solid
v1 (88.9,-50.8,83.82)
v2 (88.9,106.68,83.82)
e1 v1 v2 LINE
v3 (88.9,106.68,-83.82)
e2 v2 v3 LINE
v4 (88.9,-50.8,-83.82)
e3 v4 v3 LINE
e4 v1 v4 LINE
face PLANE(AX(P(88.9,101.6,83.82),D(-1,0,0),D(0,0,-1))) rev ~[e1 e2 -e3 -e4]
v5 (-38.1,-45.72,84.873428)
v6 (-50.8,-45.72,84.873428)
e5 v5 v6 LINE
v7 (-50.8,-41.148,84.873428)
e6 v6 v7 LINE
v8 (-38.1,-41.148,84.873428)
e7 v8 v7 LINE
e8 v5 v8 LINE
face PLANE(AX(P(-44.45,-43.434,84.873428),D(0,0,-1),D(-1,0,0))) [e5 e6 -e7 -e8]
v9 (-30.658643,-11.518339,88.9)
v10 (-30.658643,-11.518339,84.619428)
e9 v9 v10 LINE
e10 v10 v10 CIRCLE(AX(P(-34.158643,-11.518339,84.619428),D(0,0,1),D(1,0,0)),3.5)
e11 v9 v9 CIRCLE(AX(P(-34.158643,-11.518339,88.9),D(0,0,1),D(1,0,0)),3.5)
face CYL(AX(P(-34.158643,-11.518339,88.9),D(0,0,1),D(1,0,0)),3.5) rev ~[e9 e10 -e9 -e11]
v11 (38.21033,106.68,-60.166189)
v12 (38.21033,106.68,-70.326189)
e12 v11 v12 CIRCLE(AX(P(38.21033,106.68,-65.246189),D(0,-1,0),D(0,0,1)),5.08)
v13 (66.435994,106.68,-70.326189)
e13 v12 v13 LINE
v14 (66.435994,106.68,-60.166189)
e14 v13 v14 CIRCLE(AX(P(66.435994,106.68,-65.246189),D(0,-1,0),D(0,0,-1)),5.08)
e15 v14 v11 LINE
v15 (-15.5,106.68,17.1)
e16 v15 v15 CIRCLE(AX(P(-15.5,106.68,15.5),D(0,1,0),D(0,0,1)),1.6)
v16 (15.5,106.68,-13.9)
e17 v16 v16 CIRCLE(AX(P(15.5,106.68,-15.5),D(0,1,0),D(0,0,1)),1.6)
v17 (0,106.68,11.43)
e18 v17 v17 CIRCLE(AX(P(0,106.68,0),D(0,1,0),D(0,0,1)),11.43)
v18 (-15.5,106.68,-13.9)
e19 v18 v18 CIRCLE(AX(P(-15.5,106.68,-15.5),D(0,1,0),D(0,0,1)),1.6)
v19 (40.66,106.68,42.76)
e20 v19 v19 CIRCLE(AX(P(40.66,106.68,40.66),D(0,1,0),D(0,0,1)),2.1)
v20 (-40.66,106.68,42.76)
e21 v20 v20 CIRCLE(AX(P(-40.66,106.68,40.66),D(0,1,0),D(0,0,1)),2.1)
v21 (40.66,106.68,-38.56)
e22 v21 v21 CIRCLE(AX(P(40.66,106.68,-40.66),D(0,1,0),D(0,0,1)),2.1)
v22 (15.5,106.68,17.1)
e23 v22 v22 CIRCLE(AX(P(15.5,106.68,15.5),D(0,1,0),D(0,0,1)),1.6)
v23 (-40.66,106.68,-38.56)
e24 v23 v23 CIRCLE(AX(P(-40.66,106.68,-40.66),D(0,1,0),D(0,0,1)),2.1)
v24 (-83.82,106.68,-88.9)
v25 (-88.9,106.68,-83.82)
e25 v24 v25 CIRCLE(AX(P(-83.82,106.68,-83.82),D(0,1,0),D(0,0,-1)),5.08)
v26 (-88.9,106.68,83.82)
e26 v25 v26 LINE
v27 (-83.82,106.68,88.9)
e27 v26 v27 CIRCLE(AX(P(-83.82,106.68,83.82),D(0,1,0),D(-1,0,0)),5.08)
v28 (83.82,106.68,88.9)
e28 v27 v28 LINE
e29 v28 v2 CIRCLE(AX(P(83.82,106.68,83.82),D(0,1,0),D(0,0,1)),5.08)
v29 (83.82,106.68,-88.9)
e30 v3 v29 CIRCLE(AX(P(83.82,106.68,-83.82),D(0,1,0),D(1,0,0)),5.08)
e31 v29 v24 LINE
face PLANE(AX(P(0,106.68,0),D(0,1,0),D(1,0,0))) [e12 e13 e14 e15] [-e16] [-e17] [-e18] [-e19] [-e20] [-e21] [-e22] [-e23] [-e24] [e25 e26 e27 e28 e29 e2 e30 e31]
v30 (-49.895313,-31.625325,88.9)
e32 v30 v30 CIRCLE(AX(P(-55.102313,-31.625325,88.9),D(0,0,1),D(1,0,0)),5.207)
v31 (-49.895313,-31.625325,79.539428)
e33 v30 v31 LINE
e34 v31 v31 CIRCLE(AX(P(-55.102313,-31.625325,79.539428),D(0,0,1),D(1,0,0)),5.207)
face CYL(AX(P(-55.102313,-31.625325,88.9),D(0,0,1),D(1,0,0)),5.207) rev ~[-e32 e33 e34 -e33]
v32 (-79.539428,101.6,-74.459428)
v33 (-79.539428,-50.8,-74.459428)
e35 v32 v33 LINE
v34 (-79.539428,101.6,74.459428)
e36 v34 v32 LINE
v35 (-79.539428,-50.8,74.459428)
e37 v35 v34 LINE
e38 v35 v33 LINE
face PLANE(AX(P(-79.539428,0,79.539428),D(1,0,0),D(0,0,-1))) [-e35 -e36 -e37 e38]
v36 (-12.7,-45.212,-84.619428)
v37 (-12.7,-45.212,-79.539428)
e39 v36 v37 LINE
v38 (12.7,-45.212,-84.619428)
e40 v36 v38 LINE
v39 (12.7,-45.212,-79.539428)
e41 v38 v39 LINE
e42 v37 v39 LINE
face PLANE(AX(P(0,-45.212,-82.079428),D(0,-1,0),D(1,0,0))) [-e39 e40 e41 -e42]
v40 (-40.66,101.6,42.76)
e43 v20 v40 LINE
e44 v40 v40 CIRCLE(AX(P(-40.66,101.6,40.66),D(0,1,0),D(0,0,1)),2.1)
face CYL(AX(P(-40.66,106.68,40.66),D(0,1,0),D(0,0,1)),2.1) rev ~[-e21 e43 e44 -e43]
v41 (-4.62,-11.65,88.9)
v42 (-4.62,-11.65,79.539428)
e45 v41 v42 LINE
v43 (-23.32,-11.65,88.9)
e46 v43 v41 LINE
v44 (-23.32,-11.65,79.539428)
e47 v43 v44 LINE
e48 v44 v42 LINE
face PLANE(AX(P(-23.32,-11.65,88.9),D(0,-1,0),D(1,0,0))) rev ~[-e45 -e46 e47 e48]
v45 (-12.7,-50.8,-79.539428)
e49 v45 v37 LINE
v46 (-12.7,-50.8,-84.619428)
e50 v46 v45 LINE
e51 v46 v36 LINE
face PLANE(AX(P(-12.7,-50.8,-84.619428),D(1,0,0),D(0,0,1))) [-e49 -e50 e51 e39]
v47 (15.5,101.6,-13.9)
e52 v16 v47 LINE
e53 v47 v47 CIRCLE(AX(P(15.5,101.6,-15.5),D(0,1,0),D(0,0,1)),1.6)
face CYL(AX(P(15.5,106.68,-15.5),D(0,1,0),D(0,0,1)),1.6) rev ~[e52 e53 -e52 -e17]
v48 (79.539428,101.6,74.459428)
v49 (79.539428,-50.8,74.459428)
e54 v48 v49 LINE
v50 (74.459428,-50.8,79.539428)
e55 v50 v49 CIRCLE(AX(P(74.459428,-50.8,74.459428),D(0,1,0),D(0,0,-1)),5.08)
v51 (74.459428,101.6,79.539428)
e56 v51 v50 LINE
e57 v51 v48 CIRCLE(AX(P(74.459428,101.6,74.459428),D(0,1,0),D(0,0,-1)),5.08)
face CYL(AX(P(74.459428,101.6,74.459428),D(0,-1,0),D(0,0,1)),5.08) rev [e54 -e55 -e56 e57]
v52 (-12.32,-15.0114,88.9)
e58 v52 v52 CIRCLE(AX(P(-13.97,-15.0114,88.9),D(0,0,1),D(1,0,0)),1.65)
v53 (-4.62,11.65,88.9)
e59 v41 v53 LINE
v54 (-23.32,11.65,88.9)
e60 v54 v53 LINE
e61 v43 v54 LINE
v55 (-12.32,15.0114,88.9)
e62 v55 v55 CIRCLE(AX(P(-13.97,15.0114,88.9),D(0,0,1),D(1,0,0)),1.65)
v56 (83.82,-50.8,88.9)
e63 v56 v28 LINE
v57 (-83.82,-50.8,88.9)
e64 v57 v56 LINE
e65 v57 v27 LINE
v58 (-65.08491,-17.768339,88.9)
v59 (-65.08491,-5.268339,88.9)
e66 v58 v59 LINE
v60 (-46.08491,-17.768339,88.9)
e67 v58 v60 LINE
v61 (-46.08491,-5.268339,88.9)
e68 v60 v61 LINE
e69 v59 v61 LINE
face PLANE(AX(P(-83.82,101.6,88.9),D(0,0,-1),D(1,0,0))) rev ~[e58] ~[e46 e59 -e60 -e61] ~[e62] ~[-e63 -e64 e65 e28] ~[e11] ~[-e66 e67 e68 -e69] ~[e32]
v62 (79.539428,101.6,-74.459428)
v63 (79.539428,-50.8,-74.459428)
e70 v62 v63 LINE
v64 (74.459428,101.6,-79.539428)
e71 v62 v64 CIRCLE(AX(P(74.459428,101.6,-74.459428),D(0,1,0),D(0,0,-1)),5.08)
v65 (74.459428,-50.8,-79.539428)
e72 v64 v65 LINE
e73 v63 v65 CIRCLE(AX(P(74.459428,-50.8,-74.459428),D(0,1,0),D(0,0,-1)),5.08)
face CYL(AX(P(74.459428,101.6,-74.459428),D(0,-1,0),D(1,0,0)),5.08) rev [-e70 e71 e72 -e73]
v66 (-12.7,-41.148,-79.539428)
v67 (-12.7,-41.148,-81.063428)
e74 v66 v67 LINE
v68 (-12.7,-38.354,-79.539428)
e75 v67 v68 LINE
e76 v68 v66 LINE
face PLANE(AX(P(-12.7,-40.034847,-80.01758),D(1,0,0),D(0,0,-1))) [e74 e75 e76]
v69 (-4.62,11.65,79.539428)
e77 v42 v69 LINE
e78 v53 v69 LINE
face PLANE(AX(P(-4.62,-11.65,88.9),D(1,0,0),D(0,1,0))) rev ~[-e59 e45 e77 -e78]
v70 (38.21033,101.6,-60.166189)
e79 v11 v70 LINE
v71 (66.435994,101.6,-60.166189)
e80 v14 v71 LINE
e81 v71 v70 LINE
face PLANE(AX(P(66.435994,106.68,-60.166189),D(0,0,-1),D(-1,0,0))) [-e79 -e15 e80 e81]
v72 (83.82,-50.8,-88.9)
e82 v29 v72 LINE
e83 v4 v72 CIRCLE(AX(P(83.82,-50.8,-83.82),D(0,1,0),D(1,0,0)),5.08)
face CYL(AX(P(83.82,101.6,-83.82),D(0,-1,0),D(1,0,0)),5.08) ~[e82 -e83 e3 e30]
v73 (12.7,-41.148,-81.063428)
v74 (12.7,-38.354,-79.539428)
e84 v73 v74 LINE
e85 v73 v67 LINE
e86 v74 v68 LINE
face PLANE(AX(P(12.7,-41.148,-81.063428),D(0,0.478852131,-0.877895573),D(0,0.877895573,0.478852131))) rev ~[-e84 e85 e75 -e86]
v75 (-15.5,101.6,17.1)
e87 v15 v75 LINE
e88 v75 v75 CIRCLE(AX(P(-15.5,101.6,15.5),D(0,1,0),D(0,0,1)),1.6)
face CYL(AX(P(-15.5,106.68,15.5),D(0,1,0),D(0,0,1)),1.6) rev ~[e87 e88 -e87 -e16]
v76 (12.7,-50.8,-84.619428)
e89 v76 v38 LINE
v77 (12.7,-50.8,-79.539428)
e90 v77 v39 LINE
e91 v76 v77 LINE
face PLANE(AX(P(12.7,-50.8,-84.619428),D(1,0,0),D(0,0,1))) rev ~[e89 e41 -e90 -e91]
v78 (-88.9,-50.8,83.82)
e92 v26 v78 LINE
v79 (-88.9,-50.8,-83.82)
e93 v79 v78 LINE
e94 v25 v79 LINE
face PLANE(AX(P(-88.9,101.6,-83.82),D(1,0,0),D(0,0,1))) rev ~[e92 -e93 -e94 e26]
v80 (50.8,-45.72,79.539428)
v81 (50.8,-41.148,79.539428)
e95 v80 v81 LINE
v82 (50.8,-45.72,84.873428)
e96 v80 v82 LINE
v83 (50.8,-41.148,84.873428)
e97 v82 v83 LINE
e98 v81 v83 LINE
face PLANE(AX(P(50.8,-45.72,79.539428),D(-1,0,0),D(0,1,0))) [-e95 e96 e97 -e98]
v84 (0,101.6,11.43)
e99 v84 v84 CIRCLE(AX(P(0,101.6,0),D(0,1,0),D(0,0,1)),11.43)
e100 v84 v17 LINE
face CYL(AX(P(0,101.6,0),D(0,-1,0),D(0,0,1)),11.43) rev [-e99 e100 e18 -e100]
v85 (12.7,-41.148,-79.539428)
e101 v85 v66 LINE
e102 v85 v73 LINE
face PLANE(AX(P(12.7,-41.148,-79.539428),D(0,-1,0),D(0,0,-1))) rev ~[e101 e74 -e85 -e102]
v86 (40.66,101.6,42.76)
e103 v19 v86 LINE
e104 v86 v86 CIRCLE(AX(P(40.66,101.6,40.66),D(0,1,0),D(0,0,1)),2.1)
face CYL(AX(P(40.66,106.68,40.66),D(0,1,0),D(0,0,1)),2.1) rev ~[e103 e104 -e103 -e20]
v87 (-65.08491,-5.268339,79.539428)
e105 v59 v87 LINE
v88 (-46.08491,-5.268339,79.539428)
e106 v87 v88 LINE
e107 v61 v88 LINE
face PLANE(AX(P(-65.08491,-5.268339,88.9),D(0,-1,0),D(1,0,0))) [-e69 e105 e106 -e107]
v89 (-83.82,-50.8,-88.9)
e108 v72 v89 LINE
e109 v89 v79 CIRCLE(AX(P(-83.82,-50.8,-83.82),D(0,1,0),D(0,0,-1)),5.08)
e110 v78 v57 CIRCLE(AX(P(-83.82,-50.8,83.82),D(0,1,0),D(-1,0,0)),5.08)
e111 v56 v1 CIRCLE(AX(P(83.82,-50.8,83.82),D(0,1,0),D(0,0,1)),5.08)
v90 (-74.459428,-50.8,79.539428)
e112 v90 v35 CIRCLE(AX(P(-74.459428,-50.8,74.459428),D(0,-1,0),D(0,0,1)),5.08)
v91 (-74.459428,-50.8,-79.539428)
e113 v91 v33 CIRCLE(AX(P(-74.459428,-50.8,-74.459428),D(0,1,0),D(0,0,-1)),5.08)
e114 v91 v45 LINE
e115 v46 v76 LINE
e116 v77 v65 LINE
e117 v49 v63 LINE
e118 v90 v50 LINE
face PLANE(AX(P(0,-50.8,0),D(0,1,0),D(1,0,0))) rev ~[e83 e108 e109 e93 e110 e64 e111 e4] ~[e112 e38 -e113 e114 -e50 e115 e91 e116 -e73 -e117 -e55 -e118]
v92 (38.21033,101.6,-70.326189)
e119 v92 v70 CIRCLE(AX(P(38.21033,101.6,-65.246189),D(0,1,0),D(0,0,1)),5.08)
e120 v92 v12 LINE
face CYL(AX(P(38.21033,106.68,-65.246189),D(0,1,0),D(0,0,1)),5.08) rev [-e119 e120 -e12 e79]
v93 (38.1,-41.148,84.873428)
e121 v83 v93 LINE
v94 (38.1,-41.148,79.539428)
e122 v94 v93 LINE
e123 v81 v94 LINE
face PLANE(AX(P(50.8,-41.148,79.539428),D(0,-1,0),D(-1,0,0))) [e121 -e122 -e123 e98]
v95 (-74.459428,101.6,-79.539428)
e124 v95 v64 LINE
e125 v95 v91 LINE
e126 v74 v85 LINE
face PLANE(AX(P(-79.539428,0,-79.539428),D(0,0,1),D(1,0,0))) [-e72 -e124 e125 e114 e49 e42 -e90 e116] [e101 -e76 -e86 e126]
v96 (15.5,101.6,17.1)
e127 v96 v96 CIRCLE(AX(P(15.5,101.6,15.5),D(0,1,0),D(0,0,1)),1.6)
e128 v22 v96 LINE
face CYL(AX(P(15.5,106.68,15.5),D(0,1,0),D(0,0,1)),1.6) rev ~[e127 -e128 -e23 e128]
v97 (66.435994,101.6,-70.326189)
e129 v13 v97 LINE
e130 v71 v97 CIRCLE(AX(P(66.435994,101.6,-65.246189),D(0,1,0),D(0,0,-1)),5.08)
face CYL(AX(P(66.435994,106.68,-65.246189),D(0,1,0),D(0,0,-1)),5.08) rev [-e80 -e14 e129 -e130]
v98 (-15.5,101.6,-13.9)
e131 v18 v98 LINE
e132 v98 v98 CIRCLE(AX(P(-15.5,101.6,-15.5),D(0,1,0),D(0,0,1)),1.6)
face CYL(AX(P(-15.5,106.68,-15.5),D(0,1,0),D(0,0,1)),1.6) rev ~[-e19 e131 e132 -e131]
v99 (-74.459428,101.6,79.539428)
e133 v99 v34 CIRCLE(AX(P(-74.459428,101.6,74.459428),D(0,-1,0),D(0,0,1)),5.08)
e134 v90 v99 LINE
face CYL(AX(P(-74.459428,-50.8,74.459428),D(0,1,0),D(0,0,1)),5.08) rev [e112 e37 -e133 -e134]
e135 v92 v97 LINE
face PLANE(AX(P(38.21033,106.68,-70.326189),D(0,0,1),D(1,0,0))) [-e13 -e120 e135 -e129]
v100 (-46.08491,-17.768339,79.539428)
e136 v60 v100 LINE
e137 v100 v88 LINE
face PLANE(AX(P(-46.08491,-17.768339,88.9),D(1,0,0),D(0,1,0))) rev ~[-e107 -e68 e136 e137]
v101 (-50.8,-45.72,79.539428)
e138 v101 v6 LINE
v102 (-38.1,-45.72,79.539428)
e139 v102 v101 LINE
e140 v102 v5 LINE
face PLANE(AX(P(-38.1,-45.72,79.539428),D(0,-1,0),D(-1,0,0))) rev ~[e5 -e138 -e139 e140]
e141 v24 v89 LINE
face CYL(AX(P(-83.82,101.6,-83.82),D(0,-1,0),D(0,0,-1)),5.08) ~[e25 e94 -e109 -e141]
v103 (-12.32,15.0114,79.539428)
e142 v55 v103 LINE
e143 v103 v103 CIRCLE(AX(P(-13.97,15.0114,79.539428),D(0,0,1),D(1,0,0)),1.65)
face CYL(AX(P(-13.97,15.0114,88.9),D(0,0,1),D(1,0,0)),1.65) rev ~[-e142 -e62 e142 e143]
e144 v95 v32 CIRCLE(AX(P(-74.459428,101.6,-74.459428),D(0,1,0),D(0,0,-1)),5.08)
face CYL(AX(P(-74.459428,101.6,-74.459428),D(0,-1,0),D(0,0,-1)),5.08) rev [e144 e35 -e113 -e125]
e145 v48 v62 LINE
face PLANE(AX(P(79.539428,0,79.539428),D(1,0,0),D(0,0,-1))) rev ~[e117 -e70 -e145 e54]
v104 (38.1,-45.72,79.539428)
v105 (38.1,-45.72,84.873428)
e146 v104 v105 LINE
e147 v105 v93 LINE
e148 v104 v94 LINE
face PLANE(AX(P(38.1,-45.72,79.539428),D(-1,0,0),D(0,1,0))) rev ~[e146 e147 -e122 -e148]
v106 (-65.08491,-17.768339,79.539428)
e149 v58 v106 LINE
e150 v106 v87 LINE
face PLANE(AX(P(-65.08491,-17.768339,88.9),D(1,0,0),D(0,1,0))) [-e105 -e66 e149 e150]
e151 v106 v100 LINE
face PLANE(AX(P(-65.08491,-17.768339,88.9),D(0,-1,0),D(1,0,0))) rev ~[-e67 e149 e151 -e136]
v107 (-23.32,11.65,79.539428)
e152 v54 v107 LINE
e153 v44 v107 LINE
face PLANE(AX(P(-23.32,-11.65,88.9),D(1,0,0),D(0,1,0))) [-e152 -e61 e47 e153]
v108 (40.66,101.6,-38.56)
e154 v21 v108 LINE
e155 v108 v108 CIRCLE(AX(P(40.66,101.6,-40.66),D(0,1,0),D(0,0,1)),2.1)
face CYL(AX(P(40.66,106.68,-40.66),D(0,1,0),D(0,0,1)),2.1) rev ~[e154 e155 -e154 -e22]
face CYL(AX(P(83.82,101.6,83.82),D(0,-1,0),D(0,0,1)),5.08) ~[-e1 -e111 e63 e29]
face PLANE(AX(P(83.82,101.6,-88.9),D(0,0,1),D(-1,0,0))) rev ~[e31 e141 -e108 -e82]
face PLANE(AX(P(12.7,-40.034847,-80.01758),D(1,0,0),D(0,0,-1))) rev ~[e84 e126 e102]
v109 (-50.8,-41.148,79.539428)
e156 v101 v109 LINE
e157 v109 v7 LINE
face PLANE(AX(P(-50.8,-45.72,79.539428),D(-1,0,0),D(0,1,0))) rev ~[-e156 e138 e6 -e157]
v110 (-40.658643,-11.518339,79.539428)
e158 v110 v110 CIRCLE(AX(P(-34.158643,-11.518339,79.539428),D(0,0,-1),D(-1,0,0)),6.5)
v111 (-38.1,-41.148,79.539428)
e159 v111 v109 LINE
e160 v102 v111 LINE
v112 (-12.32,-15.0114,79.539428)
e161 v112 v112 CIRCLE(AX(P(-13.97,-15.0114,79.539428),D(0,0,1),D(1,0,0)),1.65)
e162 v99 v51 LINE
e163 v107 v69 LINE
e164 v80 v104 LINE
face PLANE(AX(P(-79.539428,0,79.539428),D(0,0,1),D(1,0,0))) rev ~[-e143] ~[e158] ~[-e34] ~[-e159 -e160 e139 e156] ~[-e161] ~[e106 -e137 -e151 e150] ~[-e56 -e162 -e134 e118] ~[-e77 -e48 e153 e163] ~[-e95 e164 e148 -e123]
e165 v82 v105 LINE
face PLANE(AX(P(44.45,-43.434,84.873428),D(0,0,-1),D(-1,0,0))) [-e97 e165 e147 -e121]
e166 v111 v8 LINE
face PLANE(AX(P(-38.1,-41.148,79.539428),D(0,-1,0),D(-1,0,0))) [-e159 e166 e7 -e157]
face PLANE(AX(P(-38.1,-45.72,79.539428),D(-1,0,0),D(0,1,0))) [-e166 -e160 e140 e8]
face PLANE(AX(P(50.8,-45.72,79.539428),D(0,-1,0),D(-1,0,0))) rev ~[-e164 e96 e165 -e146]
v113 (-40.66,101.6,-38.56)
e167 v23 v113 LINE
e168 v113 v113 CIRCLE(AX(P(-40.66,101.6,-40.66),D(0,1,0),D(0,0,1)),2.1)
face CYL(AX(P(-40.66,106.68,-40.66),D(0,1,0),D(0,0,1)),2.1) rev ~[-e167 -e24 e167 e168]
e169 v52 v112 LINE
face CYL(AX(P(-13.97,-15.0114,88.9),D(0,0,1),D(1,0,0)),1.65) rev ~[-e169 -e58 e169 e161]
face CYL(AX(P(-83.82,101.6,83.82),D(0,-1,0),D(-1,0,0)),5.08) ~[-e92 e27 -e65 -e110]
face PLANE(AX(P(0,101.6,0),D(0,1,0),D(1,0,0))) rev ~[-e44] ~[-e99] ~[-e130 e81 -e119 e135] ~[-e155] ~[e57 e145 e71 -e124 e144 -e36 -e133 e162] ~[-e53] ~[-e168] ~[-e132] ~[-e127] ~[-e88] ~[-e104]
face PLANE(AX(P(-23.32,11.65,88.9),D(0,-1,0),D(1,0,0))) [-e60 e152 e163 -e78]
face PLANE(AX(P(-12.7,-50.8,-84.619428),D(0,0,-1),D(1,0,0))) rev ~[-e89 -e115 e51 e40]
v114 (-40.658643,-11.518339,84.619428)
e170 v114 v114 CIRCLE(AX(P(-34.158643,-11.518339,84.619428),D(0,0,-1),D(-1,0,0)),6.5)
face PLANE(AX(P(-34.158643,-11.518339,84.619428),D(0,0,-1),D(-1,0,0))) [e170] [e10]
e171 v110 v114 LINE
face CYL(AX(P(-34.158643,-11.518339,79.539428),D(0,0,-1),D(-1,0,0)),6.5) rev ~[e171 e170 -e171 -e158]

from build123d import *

# Parameters (mm, degrees)
SKETCH1_W                = 159.078855478
SKETCH1_H                = 159.078855478
BOSS_EXTRUDE1_DEPTH      = 101.6
BOSS_EXTRUDE1_DEPTH_BACK = 50.8
BOSS_EXTRUDE3_START      = 101.6
SKETCH1_5_R              = 11.43
BOSS_EXTRUDE3_DEPTH      = 5.08
SKETCH3_R                = 1.6
CUT_EXTRUDE1_DEPTH       = 202.510224058
FILLET4_R                = 5.08
SKETCH4_R                = 2.1
CUT_EXTRUDE2_DEPTH       = 5.08
SKETCH5_R                = 3.5
SKETCH5_R_2              = 5.207
SKETCH5_R_3              = 1.65
SKETCH5_W                = 19
SKETCH5_H                = 12.5
SKETCH5_W_2              = 18.7
SKETCH5_H_2              = 23.3
CUT_EXTRUDE3_DEPTH       = 9.360572261
SKETCH7_W                = 25.4
SKETCH7_H                = 5.08
CUT_EXTRUDE4_DEPTH       = 5.588
BOSS_EXTRUDE4_DEPTH      = 25.4
CUT_EXTRUDE5_DEPTH       = 25.4
SKETCH11_W               = 12.7
SKETCH11_H               = 4.572
CUT_EXTRUDE6_DEPTH       = 5.334
CUT_EXTRUDE7_DEPTH       = 2.54
CUT_EXTRUDE8_DEPTH       = 16.764
SKETCH13_R               = 6.5
CUT_EXTRUDE9_DEPTH       = 5.08


with BuildPart() as part:
    # Sketch1 → Boss-Extrude1 (new, two sides)
    with BuildSketch(Plane(origin=(0, 0, 0), x_dir=(1, 0, 0), z_dir=(0, 1, 0))) as boss_extrude1_sk:
        with BuildLine():
            Line((-83.82, -88.9), (83.82, -88.9))
            ThreePointArc((83.82, -88.9), (87.412102448, -87.412102448), (88.9, -83.82))
            Line((88.9, -83.82), (88.9, 83.82))
            ThreePointArc((88.9, 83.82), (87.412102448, 87.412102448), (83.82, 88.9))
            Line((83.82, 88.9), (-83.82, 88.9))
            ThreePointArc((-83.82, 88.9), (-87.412102448, 87.412102448), (-88.9, 83.82))
            Line((-88.9, 83.82), (-88.9, -83.82))
            ThreePointArc((-88.9, -83.82), (-87.412102448, -87.412102448), (-83.82, -88.9))
        make_face()
        Rectangle(SKETCH1_W, SKETCH1_H, mode=Mode.SUBTRACT)
    extrude(amount=BOSS_EXTRUDE1_DEPTH)
    extrude(boss_extrude1_sk.sketch, amount=-BOSS_EXTRUDE1_DEPTH_BACK)

    # Sketch1<5> → Boss-Extrude3 (add)
    with BuildSketch(Plane(origin=(0, 0, 0), x_dir=(1, 0, 0), z_dir=(0, 1, 0)).offset(BOSS_EXTRUDE3_START)):
        with BuildLine():
            ThreePointArc((-88.9, -83.82), (-87.412102448, -87.412102448), (-83.82, -88.9))
            Line((-83.82, -88.9), (83.82, -88.9))
            ThreePointArc((83.82, -88.9), (87.412102448, -87.412102448), (88.9, -83.82))
            Line((88.9, -83.82), (88.9, 83.82))
            ThreePointArc((88.9, 83.82), (87.412102448, 87.412102448), (83.82, 88.9))
            Line((83.82, 88.9), (-83.82, 88.9))
            ThreePointArc((-83.82, 88.9), (-87.412102448, 87.412102448), (-88.9, 83.82))
            Line((-88.9, 83.82), (-88.9, -83.82))
        make_face()
        with Locations(Location((0, 0, 0), (0, 0, 270))):
            Circle(SKETCH1_5_R, mode=Mode.SUBTRACT)
    extrude(amount=BOSS_EXTRUDE3_DEPTH)

    # Sketch3 → Cut-Extrude1 (cut, through all)
    with BuildSketch(Plane(origin=(0, 106.68, 0), x_dir=(1, 0, 0), z_dir=(0, 1, 0))):
        with Locations(Location((-15.5, 15.5, 0), (0, 0, 270))):
            Circle(SKETCH3_R)
        with Locations(Location((-15.5, -15.5, 0), (0, 0, 270))):
            Circle(SKETCH3_R)
        with Locations(Location((15.5, 15.5, 0), (0, 0, 270))):
            Circle(SKETCH3_R)
        with Locations(Location((15.5, -15.5, 0), (0, 0, 270))):
            Circle(SKETCH3_R)
    extrude(amount=-CUT_EXTRUDE1_DEPTH, mode=Mode.SUBTRACT)

    # Fillet4
    fillet4_edges = [part.edges().sort_by_distance(p)[0] for p in [
        (79.539427739, 25.4, -79.539427739),
        (-79.539427739, 25.4, -79.539427739),
        (-79.539427739, 25.4, 79.539427739),
        (79.539427739, 25.4, 79.539427739),
    ]]
    fillet(fillet4_edges, radius=FILLET4_R)

    # Sketch4 → Cut-Extrude2 (cut)
    with BuildSketch(Plane(origin=(0, 106.68, 0), x_dir=(1, 0, 0), z_dir=(0, 1, 0))):
        with Locations(Location((-40.66, 40.66, 0), (0, 0, 270))):
            Circle(SKETCH4_R)
        with Locations(Location((40.66, 40.66, 0), (0, 0, 270))):
            Circle(SKETCH4_R)
        with Locations(Location((-40.66, -40.66, 0), (0, 0, 270))):
            Circle(SKETCH4_R)
        with Locations(Location((40.66, -40.66, 0), (0, 0, 270))):
            Circle(SKETCH4_R)
    extrude(amount=-CUT_EXTRUDE2_DEPTH, mode=Mode.SUBTRACT)

    # Sketch5 → Cut-Extrude3 (cut)
    with BuildSketch(Plane.XY.offset(88.9)):
        with Locations((-34.158642562, -11.51833892)):
            Circle(SKETCH5_R)
        with Locations((-55.102312512, -31.62532479)):
            Circle(SKETCH5_R_2)
        with Locations((-13.97, 15.0114)):
            Circle(SKETCH5_R_3)
        with Locations((-13.97, -15.0114)):
            Circle(SKETCH5_R_3)
        with Locations((-55.584910431, -11.51833892)):
            Rectangle(SKETCH5_W, SKETCH5_H)
        with Locations((-13.97, 0)):
            Rectangle(SKETCH5_W_2, SKETCH5_H_2)
    extrude(amount=-CUT_EXTRUDE3_DEPTH, mode=Mode.SUBTRACT)

    # Sketch7 → Cut-Extrude4 (cut)
    with BuildSketch(Plane.XZ.offset(50.8)):
        with Locations((0, -82.079427739)):
            Rectangle(SKETCH7_W, SKETCH7_H)
    extrude(amount=-CUT_EXTRUDE4_DEPTH, mode=Mode.SUBTRACT)

    # Sketch10 → Boss-Extrude4 (add)
    with BuildSketch(Plane.ZY.offset(-12.7)):
        Polygon((-79.539427739, -38.354), (-79.539427739, -41.148), (-81.063427739, -41.148), align=None)
    extrude(amount=BOSS_EXTRUDE4_DEPTH)

    # Sketch10<2> → Cut-Extrude5 (cut)
    with BuildSketch(Plane.ZY.offset(-12.7)):
        Polygon((-79.539427739, -38.354), (-79.539427739, -41.148), (-81.063427739, -41.148), align=None)
    extrude(amount=CUT_EXTRUDE5_DEPTH, mode=Mode.SUBTRACT)

    # Sketch11 → Cut-Extrude6 (cut)
    with BuildSketch(Plane(origin=(0, 0, 79.539427739), x_dir=(-1, 0, 0), z_dir=(0, 0, -1))):
        with Locations((-44.45, -43.434)):
            Rectangle(SKETCH11_W, SKETCH11_H)
        with Locations((44.45, -43.434)):
            Rectangle(SKETCH11_W, SKETCH11_H)
    extrude(amount=-CUT_EXTRUDE6_DEPTH, mode=Mode.SUBTRACT)

    # Sketch12 → Cut-Extrude7 (cut)
    with BuildSketch(Plane(origin=(0, 106.68, 0), x_dir=(1, 0, 0), z_dir=(0, 1, 0))):
        with BuildLine():
            Line((38.210330331, 70.326189438), (66.435994121, 70.326189438))
            ThreePointArc((66.435994121, 70.326189438), (71.515994121, 65.246189438), (66.435994121, 60.166189438))
            Line((66.435994121, 60.166189438), (38.210330331, 60.166189438))
            ThreePointArc((38.210330331, 60.166189438), (33.130330331, 65.246189438), (38.210330331, 70.326189438))
        make_face()
    extrude(amount=-CUT_EXTRUDE7_DEPTH, mode=Mode.SUBTRACT)

    # Sketch12<2> → Cut-Extrude8 (cut)
    with BuildSketch(Plane(origin=(0, 106.68, 0), x_dir=(1, 0, 0), z_dir=(0, 1, 0))):
        with BuildLine():
            Line((38.210330331, 70.326189438), (66.435994121, 70.326189438))
            ThreePointArc((66.435994121, 70.326189438), (71.515994121, 65.246189438), (66.435994121, 60.166189438))
            Line((66.435994121, 60.166189438), (38.210330331, 60.166189438))
            ThreePointArc((38.210330331, 60.166189438), (33.130330331, 65.246189438), (38.210330331, 70.326189438))
        make_face()
    extrude(amount=-CUT_EXTRUDE8_DEPTH, mode=Mode.SUBTRACT)

    # Sketch13 → Cut-Extrude9 (cut)
    with BuildSketch(Plane(origin=(0, 0, 79.539427739), x_dir=(-1, 0, 0), z_dir=(0, 0, -1))):
        with Locations((34.158642562, -11.51833892)):
            Circle(SKETCH13_R)
    extrude(amount=-CUT_EXTRUDE9_DEPTH, mode=Mode.SUBTRACT)


solid = part.part
